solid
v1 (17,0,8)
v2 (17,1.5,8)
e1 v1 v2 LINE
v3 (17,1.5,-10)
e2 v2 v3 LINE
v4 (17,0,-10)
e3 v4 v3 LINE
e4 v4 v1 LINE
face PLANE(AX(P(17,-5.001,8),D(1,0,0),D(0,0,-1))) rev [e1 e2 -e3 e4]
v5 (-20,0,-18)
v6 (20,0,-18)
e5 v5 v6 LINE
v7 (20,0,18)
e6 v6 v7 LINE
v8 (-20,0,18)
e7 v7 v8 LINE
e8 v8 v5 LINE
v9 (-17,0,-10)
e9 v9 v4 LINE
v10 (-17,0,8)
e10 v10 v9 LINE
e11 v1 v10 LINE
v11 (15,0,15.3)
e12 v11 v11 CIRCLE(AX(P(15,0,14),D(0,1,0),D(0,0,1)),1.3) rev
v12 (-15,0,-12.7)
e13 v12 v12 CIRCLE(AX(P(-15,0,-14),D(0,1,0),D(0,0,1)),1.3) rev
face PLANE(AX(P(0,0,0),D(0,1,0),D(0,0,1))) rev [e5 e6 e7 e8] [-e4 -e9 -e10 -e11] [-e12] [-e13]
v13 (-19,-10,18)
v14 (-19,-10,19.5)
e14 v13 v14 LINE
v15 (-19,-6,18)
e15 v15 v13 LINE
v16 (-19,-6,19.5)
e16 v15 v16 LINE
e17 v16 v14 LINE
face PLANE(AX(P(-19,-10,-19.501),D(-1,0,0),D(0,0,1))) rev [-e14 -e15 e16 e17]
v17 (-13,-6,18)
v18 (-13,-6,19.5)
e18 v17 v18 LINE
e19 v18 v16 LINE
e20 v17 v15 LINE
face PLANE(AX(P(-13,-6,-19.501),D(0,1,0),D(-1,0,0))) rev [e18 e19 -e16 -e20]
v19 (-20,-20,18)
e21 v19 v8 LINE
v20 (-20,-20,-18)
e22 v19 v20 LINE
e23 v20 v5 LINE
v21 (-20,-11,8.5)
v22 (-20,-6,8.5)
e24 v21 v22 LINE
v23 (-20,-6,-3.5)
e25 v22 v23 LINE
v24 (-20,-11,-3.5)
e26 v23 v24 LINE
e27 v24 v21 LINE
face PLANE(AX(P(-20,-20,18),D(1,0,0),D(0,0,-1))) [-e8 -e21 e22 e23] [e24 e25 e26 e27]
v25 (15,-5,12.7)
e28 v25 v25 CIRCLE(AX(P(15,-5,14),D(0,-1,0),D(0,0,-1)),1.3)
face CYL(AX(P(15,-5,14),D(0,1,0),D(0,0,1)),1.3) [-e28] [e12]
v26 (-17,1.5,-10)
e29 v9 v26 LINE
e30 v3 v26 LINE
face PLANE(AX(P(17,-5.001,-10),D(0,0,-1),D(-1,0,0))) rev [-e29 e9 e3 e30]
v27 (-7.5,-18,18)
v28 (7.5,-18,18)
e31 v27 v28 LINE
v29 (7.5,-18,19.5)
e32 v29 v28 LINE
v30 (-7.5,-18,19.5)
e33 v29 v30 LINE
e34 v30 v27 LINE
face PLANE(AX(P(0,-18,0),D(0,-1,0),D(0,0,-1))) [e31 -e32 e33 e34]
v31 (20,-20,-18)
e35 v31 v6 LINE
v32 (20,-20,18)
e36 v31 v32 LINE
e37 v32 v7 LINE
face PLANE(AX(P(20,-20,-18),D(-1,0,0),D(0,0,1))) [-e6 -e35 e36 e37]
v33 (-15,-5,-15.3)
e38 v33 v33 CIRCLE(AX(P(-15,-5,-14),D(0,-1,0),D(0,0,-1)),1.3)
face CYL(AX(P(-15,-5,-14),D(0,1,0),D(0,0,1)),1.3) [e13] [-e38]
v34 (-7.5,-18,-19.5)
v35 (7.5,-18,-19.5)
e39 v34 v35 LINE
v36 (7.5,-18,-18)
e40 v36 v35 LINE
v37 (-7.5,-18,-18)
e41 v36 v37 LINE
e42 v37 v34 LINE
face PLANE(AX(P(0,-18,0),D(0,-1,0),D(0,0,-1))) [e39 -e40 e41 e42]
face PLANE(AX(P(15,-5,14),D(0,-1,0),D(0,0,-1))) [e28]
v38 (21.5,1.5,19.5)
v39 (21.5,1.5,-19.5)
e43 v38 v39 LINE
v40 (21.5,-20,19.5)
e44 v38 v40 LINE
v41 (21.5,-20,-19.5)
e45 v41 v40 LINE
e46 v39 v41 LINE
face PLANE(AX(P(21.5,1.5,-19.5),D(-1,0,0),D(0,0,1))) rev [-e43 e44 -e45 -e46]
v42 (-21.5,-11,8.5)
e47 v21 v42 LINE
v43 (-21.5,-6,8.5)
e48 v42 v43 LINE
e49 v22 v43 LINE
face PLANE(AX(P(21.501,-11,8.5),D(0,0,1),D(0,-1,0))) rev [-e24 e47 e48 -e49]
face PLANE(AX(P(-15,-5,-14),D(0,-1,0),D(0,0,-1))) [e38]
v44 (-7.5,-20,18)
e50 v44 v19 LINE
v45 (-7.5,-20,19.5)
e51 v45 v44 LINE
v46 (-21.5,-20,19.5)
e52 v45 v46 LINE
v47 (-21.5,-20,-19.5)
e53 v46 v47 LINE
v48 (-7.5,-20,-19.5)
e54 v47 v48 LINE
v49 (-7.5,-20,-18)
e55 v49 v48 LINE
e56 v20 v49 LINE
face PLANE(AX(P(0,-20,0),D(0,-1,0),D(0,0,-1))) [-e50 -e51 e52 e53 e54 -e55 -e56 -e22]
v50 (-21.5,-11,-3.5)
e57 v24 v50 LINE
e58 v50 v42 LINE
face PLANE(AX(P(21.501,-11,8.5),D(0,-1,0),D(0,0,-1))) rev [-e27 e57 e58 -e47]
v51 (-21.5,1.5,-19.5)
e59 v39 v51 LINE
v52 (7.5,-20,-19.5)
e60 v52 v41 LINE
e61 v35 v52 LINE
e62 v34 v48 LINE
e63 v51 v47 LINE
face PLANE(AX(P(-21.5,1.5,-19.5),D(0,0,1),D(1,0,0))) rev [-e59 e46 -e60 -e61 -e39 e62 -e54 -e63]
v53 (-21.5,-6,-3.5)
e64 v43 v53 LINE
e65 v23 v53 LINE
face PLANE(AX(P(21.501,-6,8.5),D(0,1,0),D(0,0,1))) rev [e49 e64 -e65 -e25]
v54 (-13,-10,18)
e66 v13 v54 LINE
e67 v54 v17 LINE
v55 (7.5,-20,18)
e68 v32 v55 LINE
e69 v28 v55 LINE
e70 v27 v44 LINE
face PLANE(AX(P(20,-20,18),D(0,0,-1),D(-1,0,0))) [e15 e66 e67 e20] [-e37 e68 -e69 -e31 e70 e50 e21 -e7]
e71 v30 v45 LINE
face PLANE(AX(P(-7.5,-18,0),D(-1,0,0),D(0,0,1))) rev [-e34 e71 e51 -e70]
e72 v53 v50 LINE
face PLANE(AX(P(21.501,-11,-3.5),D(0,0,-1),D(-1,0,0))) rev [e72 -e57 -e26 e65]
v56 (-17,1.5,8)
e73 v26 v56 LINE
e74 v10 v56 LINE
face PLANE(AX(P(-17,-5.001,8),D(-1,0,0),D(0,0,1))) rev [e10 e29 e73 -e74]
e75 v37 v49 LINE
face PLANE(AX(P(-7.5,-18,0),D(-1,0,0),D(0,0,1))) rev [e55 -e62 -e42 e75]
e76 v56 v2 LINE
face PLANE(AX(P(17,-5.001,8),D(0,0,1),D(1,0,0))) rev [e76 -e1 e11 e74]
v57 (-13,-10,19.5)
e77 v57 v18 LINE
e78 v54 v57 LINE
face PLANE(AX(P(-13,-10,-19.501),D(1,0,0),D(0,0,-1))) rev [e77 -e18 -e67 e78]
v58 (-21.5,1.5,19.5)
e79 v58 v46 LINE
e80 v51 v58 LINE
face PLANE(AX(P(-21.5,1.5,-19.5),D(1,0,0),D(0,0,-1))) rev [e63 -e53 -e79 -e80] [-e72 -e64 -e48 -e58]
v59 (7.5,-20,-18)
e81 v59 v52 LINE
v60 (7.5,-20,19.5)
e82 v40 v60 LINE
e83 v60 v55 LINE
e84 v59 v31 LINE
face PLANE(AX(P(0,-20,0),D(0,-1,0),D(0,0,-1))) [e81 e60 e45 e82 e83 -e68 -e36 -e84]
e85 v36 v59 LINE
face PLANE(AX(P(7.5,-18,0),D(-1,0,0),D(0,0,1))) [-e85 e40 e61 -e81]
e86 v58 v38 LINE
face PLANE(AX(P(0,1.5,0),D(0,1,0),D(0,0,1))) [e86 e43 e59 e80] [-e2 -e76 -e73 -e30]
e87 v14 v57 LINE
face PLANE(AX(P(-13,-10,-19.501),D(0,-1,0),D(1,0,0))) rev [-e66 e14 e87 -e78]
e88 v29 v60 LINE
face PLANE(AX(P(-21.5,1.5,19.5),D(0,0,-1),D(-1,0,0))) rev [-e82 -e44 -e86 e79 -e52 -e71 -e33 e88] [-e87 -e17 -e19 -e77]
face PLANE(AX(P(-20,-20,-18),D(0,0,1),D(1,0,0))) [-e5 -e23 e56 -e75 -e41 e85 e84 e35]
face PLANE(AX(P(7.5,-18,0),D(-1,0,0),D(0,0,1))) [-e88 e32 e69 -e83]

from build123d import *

# Parameters (mm, degrees)
SKETCH_1_W             = 43
SKETCH_1_H             = 39
BODY_DEPTH             = 1.5
SKETCH_3_R             = 1.3
OLED_PILLAR_DEPTH      = 5
OLED_WINDOW_REACH      = 31.745
SKETCH_2_W             = 34
SKETCH_2_H             = 18
SKETCH_4_W             = 43
SKETCH_4_H             = 39
SKETCH_4_W_2           = 40
SKETCH_4_H_2           = 36
FARMFEELWALL_DEPTH     = 20
MICRO5PIN_WINDOW_REACH = 53.276
SKETCH_7_W             = 12
SKETCH_7_H             = 5
RESET_WINDOW_REACH     = 50.819
SKETCH_9_W             = 6
SKETCH_9_H             = 4
SKETCH_10_W            = 15
SKETCH_10_H            = 1.5
CUT_EXTRUDE_1_DEPTH    = 2


with BuildPart() as part:
    # 스케치1 → Body (new body)
    with BuildSketch(Plane(origin=(0, 0, 0), x_dir=(1, 0, 0), z_dir=(0, 1, 0))):
        Rectangle(SKETCH_1_W, SKETCH_1_H)
    extrude(amount=BODY_DEPTH)

    # 스케치3 → OLED_pillar (add)
    with BuildSketch(Plane.XZ):
        with Locations(Location((15, 14, 0), (0, 0, 90))):
            Circle(SKETCH_3_R)
        with Locations(Location((-15, -14, 0), (0, 0, 90))):
            Circle(SKETCH_3_R)
    extrude(amount=OLED_PILLAR_DEPTH)

    # 스케치2 → OLED_window (cut, up to next)
    with BuildSketch(Plane(origin=(0, 1.5, 0), x_dir=(1, 0, 0), z_dir=(0, 1, 0)), mode=Mode.PRIVATE) as oled_window_sk1:
        with Locations((0, 1)):
            Rectangle(SKETCH_2_W, SKETCH_2_H)
    oled_window_tool1 = extrude(oled_window_sk1.sketch, amount=-OLED_WINDOW_REACH, mode=Mode.PRIVATE) & part.part
    add(oled_window_tool1.solids().sort_by_distance((0, 1.5, -1))[0], mode=Mode.SUBTRACT)

    # 스케치4 → FarmFeelWall (add)
    with BuildSketch(Plane.XZ):
        Rectangle(SKETCH_4_W, SKETCH_4_H)
        Rectangle(SKETCH_4_W_2, SKETCH_4_H_2, mode=Mode.SUBTRACT)
    extrude(amount=FARMFEELWALL_DEPTH)

    # 스케치7 → micro5pin_window (cut, up to next)
    with BuildSketch(Plane.ZY.offset(21.5), mode=Mode.PRIVATE) as micro5pin_window_sk1:
        with Locations((2.5, -8.5)):
            Rectangle(SKETCH_7_W, SKETCH_7_H)
    micro5pin_window_tool1 = extrude(micro5pin_window_sk1.sketch, amount=-MICRO5PIN_WINDOW_REACH, mode=Mode.PRIVATE) & part.part
    add(micro5pin_window_tool1.solids().sort_by_distance((-21.5, -8.5, 2.5))[0], mode=Mode.SUBTRACT)

    # 스케치9 → reset_window (cut, up to next)
    with BuildSketch(Plane.XY.offset(19.5), mode=Mode.PRIVATE) as reset_window_sk1:
        with Locations((-16, -8)):
            Rectangle(SKETCH_9_W, SKETCH_9_H)
    reset_window_tool1 = extrude(reset_window_sk1.sketch, amount=-RESET_WINDOW_REACH, mode=Mode.PRIVATE) & part.part
    add(reset_window_tool1.solids().sort_by_distance((-16, -8, 19.5))[0], mode=Mode.SUBTRACT)

    # 스케치10 → 컷-돌출1 (cut)
    with BuildSketch(Plane.XZ.offset(20)):
        with Locations((0, -18.75)):
            Rectangle(SKETCH_10_W, SKETCH_10_H)
        with Locations((0, 18.75)):
            Rectangle(SKETCH_10_W, SKETCH_10_H)
    extrude(amount=-CUT_EXTRUDE_1_DEPTH, mode=Mode.SUBTRACT)


solid = part.part
